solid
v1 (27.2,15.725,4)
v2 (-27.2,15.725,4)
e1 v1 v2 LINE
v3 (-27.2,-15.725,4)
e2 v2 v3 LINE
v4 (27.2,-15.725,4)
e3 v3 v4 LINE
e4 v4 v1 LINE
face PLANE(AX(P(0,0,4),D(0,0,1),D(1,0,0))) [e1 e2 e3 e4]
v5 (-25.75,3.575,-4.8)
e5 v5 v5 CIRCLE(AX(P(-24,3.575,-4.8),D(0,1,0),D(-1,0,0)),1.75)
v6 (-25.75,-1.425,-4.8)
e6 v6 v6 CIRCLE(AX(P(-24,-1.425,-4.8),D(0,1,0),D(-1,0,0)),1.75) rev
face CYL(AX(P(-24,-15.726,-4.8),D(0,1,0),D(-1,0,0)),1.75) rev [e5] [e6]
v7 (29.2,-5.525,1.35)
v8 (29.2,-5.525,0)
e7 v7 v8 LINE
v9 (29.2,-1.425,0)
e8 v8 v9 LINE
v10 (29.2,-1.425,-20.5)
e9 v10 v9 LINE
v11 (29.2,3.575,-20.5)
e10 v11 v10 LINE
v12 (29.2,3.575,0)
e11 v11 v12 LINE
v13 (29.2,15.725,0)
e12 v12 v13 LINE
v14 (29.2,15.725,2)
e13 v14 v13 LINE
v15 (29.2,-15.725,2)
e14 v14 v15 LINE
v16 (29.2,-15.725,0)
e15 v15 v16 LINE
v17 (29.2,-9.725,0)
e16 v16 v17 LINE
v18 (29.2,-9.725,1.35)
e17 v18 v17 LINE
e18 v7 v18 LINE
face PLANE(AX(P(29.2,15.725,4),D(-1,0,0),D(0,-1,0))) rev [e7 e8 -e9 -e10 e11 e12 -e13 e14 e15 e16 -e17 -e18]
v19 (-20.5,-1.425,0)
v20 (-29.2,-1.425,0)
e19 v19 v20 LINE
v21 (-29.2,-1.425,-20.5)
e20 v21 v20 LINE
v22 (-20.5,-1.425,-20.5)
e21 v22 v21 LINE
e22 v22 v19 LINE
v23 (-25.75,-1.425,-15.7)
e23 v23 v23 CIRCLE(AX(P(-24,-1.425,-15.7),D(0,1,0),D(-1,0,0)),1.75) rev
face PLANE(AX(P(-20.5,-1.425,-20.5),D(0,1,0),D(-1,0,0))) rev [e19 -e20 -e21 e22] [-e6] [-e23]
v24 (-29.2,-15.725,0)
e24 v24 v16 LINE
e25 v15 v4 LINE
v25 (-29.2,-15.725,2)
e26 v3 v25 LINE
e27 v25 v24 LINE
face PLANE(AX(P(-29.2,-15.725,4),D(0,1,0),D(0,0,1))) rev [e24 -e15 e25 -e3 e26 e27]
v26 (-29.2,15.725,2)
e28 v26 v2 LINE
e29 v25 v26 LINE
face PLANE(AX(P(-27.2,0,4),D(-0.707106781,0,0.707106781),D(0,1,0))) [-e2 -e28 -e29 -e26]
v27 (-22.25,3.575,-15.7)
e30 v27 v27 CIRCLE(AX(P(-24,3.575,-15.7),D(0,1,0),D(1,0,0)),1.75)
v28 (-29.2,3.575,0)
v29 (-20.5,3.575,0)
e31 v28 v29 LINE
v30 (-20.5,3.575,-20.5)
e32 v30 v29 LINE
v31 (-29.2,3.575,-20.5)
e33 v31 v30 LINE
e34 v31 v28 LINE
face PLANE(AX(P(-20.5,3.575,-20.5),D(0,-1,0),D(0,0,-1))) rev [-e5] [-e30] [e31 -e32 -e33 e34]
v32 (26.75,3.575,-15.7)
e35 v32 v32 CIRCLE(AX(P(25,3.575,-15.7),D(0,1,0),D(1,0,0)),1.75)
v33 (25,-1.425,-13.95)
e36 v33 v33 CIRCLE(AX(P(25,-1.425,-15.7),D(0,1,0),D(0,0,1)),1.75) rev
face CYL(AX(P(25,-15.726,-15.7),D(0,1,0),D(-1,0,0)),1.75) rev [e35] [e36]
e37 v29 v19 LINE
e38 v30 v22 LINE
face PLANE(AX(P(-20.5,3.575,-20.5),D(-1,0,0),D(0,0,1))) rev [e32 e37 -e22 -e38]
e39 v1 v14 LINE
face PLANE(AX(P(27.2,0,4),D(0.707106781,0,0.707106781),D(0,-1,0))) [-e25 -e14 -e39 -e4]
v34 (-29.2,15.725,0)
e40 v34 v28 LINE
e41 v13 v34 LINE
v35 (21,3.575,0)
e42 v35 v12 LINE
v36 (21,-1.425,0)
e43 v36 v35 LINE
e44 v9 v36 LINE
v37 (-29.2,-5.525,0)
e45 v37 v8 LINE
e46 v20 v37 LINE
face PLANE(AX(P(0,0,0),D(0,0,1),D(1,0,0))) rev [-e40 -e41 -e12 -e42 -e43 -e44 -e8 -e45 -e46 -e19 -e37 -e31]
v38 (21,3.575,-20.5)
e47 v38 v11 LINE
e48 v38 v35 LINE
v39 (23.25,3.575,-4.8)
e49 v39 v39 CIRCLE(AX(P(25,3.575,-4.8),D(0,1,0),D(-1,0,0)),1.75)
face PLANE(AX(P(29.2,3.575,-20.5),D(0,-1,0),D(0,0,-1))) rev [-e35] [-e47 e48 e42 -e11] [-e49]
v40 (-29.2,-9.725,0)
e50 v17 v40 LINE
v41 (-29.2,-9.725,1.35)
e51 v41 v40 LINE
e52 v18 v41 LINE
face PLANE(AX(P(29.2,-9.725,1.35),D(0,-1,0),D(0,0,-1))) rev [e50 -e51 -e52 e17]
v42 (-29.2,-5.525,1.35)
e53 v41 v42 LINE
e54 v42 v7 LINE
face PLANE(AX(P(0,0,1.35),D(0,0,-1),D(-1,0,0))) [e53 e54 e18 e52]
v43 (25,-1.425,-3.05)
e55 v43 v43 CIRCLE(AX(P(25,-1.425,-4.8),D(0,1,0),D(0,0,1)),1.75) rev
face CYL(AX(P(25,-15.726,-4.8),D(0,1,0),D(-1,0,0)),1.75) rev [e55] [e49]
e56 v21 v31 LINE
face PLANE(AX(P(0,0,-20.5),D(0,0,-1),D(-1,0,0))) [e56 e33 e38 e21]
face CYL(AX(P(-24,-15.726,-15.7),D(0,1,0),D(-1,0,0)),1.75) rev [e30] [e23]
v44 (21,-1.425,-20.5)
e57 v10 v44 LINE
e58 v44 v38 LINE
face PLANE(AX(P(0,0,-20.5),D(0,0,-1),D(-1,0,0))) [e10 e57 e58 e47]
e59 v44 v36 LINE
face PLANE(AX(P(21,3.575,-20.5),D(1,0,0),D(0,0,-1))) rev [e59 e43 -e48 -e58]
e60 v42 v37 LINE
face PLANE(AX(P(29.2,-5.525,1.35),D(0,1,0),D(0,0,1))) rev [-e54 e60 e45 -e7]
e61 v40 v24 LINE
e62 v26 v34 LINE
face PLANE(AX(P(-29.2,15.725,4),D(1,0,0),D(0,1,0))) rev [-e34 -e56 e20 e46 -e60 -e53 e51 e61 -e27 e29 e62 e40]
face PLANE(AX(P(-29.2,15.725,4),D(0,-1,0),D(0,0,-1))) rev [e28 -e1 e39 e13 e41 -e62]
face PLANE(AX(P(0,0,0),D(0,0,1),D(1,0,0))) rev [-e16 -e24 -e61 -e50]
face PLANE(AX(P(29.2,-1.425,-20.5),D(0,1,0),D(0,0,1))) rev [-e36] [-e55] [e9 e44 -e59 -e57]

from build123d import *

# Parameters (mm, degrees)
SZKIC1_W                    = 58.4
SZKIC1_H                    = 31.45
DODANIE_WYCI_GNI_CIE1_DEPTH = 4
SZKIC2_W                    = 8.2
SZKIC2_H                    = 5
SZKIC2_W_2                  = 8.7
DODANIE_WYCI_GNI_CIE2_DEPTH = 20.5
WYTNIJ_WYCI_GNI_CIE1_REACH  = 42.563
SZKIC3_R                    = 1.75
SZKIC5_W                    = 58.4
SZKIC5_H                    = 4.2
WYTNIJ_WYCI_GNI_CIE2_DEPTH  = 1.35
SFAZOWANIE1_SIZE            = 2


with BuildPart() as part:
    # Szkic1 → Dodanie-wyciągnięcie1 (new body)
    with BuildSketch(Plane.XY):
        Rectangle(SZKIC1_W, SZKIC1_H)
    extrude(amount=DODANIE_WYCI_GNI_CIE1_DEPTH)

    # Szkic2 → Dodanie-wyciągnięcie2 (add)
    with BuildSketch(Plane(origin=(0, 0, 0), x_dir=(-1, 0, 0), z_dir=(0, 0, -1))):
        with Locations((-25.1, 1.075)):
            Rectangle(SZKIC2_W, SZKIC2_H)
        with Locations((24.85, 1.075)):
            Rectangle(SZKIC2_W_2, SZKIC2_H)
    extrude(amount=DODANIE_WYCI_GNI_CIE2_DEPTH)

    # Szkic3 → Wytnij-wyciągnięcie1 (cut, up to next)
    with BuildSketch(Plane(origin=(0, 3.575, 0), x_dir=(1, 0, 0), z_dir=(0, 1, 0)), mode=Mode.PRIVATE) as wytnij_wyci_gni_cie1_sk1:
        with Locations(Location((25, 4.8, 0), (0, 0, 180))):
            Circle(SZKIC3_R)
    wytnij_wyci_gni_cie1_tool1 = extrude(wytnij_wyci_gni_cie1_sk1.sketch, amount=-WYTNIJ_WYCI_GNI_CIE1_REACH, mode=Mode.PRIVATE) & part.part
    # Szkic3 → Wytnij-wyciągnięcie1 (cut, up to next)
    with BuildSketch(Plane(origin=(0, 3.575, 0), x_dir=(1, 0, 0), z_dir=(0, 1, 0)), mode=Mode.PRIVATE) as wytnij_wyci_gni_cie1_sk2:
        with Locations(Location((-24, 4.8, 0), (0, 0, 180))):
            Circle(SZKIC3_R)
    wytnij_wyci_gni_cie1_tool2 = extrude(wytnij_wyci_gni_cie1_sk2.sketch, amount=-WYTNIJ_WYCI_GNI_CIE1_REACH, mode=Mode.PRIVATE) & part.part
    # Szkic3 → Wytnij-wyciągnięcie1 (cut, up to next)
    with BuildSketch(Plane(origin=(0, 3.575, 0), x_dir=(1, 0, 0), z_dir=(0, 1, 0)), mode=Mode.PRIVATE) as wytnij_wyci_gni_cie1_sk3:
        with Locations(Location((25, 15.7, 0), (0, 0, 270))):
            Circle(SZKIC3_R)
    wytnij_wyci_gni_cie1_tool3 = extrude(wytnij_wyci_gni_cie1_sk3.sketch, amount=-WYTNIJ_WYCI_GNI_CIE1_REACH, mode=Mode.PRIVATE) & part.part
    # Szkic3 → Wytnij-wyciągnięcie1 (cut, up to next)
    with BuildSketch(Plane(origin=(0, 3.575, 0), x_dir=(1, 0, 0), z_dir=(0, 1, 0)), mode=Mode.PRIVATE) as wytnij_wyci_gni_cie1_sk4:
        with Locations(Location((-24, 15.7, 0), (0, 0, 180))):
            Circle(SZKIC3_R)
    wytnij_wyci_gni_cie1_tool4 = extrude(wytnij_wyci_gni_cie1_sk4.sketch, amount=-WYTNIJ_WYCI_GNI_CIE1_REACH, mode=Mode.PRIVATE) & part.part
    add(wytnij_wyci_gni_cie1_tool1.solids().sort_by_distance((25, 3.575, -4.8))[0], mode=Mode.SUBTRACT)
    add(wytnij_wyci_gni_cie1_tool2.solids().sort_by_distance((-24, 3.575, -4.8))[0], mode=Mode.SUBTRACT)
    add(wytnij_wyci_gni_cie1_tool3.solids().sort_by_distance((25, 3.575, -15.7))[0], mode=Mode.SUBTRACT)
    add(wytnij_wyci_gni_cie1_tool4.solids().sort_by_distance((-24, 3.575, -15.7))[0], mode=Mode.SUBTRACT)

    # Szkic5 → Wytnij-wyciągnięcie2 (cut)
    with BuildSketch(Plane(origin=(0, 0, 0), x_dir=(-1, 0, 0), z_dir=(0, 0, -1))):
        with Locations((0, -7.625)):
            Rectangle(SZKIC5_W, SZKIC5_H)
    extrude(amount=-WYTNIJ_WYCI_GNI_CIE2_DEPTH, mode=Mode.SUBTRACT)

    # Sfazowanie1
    sfazowanie1_edges = [part.edges().sort_by_distance(p)[0] for p in [
        (-29.2, 0, 4),
        (29.2, 0, 4),
    ]]
    chamfer(sfazowanie1_edges, length=SFAZOWANIE1_SIZE)


solid = part.part
